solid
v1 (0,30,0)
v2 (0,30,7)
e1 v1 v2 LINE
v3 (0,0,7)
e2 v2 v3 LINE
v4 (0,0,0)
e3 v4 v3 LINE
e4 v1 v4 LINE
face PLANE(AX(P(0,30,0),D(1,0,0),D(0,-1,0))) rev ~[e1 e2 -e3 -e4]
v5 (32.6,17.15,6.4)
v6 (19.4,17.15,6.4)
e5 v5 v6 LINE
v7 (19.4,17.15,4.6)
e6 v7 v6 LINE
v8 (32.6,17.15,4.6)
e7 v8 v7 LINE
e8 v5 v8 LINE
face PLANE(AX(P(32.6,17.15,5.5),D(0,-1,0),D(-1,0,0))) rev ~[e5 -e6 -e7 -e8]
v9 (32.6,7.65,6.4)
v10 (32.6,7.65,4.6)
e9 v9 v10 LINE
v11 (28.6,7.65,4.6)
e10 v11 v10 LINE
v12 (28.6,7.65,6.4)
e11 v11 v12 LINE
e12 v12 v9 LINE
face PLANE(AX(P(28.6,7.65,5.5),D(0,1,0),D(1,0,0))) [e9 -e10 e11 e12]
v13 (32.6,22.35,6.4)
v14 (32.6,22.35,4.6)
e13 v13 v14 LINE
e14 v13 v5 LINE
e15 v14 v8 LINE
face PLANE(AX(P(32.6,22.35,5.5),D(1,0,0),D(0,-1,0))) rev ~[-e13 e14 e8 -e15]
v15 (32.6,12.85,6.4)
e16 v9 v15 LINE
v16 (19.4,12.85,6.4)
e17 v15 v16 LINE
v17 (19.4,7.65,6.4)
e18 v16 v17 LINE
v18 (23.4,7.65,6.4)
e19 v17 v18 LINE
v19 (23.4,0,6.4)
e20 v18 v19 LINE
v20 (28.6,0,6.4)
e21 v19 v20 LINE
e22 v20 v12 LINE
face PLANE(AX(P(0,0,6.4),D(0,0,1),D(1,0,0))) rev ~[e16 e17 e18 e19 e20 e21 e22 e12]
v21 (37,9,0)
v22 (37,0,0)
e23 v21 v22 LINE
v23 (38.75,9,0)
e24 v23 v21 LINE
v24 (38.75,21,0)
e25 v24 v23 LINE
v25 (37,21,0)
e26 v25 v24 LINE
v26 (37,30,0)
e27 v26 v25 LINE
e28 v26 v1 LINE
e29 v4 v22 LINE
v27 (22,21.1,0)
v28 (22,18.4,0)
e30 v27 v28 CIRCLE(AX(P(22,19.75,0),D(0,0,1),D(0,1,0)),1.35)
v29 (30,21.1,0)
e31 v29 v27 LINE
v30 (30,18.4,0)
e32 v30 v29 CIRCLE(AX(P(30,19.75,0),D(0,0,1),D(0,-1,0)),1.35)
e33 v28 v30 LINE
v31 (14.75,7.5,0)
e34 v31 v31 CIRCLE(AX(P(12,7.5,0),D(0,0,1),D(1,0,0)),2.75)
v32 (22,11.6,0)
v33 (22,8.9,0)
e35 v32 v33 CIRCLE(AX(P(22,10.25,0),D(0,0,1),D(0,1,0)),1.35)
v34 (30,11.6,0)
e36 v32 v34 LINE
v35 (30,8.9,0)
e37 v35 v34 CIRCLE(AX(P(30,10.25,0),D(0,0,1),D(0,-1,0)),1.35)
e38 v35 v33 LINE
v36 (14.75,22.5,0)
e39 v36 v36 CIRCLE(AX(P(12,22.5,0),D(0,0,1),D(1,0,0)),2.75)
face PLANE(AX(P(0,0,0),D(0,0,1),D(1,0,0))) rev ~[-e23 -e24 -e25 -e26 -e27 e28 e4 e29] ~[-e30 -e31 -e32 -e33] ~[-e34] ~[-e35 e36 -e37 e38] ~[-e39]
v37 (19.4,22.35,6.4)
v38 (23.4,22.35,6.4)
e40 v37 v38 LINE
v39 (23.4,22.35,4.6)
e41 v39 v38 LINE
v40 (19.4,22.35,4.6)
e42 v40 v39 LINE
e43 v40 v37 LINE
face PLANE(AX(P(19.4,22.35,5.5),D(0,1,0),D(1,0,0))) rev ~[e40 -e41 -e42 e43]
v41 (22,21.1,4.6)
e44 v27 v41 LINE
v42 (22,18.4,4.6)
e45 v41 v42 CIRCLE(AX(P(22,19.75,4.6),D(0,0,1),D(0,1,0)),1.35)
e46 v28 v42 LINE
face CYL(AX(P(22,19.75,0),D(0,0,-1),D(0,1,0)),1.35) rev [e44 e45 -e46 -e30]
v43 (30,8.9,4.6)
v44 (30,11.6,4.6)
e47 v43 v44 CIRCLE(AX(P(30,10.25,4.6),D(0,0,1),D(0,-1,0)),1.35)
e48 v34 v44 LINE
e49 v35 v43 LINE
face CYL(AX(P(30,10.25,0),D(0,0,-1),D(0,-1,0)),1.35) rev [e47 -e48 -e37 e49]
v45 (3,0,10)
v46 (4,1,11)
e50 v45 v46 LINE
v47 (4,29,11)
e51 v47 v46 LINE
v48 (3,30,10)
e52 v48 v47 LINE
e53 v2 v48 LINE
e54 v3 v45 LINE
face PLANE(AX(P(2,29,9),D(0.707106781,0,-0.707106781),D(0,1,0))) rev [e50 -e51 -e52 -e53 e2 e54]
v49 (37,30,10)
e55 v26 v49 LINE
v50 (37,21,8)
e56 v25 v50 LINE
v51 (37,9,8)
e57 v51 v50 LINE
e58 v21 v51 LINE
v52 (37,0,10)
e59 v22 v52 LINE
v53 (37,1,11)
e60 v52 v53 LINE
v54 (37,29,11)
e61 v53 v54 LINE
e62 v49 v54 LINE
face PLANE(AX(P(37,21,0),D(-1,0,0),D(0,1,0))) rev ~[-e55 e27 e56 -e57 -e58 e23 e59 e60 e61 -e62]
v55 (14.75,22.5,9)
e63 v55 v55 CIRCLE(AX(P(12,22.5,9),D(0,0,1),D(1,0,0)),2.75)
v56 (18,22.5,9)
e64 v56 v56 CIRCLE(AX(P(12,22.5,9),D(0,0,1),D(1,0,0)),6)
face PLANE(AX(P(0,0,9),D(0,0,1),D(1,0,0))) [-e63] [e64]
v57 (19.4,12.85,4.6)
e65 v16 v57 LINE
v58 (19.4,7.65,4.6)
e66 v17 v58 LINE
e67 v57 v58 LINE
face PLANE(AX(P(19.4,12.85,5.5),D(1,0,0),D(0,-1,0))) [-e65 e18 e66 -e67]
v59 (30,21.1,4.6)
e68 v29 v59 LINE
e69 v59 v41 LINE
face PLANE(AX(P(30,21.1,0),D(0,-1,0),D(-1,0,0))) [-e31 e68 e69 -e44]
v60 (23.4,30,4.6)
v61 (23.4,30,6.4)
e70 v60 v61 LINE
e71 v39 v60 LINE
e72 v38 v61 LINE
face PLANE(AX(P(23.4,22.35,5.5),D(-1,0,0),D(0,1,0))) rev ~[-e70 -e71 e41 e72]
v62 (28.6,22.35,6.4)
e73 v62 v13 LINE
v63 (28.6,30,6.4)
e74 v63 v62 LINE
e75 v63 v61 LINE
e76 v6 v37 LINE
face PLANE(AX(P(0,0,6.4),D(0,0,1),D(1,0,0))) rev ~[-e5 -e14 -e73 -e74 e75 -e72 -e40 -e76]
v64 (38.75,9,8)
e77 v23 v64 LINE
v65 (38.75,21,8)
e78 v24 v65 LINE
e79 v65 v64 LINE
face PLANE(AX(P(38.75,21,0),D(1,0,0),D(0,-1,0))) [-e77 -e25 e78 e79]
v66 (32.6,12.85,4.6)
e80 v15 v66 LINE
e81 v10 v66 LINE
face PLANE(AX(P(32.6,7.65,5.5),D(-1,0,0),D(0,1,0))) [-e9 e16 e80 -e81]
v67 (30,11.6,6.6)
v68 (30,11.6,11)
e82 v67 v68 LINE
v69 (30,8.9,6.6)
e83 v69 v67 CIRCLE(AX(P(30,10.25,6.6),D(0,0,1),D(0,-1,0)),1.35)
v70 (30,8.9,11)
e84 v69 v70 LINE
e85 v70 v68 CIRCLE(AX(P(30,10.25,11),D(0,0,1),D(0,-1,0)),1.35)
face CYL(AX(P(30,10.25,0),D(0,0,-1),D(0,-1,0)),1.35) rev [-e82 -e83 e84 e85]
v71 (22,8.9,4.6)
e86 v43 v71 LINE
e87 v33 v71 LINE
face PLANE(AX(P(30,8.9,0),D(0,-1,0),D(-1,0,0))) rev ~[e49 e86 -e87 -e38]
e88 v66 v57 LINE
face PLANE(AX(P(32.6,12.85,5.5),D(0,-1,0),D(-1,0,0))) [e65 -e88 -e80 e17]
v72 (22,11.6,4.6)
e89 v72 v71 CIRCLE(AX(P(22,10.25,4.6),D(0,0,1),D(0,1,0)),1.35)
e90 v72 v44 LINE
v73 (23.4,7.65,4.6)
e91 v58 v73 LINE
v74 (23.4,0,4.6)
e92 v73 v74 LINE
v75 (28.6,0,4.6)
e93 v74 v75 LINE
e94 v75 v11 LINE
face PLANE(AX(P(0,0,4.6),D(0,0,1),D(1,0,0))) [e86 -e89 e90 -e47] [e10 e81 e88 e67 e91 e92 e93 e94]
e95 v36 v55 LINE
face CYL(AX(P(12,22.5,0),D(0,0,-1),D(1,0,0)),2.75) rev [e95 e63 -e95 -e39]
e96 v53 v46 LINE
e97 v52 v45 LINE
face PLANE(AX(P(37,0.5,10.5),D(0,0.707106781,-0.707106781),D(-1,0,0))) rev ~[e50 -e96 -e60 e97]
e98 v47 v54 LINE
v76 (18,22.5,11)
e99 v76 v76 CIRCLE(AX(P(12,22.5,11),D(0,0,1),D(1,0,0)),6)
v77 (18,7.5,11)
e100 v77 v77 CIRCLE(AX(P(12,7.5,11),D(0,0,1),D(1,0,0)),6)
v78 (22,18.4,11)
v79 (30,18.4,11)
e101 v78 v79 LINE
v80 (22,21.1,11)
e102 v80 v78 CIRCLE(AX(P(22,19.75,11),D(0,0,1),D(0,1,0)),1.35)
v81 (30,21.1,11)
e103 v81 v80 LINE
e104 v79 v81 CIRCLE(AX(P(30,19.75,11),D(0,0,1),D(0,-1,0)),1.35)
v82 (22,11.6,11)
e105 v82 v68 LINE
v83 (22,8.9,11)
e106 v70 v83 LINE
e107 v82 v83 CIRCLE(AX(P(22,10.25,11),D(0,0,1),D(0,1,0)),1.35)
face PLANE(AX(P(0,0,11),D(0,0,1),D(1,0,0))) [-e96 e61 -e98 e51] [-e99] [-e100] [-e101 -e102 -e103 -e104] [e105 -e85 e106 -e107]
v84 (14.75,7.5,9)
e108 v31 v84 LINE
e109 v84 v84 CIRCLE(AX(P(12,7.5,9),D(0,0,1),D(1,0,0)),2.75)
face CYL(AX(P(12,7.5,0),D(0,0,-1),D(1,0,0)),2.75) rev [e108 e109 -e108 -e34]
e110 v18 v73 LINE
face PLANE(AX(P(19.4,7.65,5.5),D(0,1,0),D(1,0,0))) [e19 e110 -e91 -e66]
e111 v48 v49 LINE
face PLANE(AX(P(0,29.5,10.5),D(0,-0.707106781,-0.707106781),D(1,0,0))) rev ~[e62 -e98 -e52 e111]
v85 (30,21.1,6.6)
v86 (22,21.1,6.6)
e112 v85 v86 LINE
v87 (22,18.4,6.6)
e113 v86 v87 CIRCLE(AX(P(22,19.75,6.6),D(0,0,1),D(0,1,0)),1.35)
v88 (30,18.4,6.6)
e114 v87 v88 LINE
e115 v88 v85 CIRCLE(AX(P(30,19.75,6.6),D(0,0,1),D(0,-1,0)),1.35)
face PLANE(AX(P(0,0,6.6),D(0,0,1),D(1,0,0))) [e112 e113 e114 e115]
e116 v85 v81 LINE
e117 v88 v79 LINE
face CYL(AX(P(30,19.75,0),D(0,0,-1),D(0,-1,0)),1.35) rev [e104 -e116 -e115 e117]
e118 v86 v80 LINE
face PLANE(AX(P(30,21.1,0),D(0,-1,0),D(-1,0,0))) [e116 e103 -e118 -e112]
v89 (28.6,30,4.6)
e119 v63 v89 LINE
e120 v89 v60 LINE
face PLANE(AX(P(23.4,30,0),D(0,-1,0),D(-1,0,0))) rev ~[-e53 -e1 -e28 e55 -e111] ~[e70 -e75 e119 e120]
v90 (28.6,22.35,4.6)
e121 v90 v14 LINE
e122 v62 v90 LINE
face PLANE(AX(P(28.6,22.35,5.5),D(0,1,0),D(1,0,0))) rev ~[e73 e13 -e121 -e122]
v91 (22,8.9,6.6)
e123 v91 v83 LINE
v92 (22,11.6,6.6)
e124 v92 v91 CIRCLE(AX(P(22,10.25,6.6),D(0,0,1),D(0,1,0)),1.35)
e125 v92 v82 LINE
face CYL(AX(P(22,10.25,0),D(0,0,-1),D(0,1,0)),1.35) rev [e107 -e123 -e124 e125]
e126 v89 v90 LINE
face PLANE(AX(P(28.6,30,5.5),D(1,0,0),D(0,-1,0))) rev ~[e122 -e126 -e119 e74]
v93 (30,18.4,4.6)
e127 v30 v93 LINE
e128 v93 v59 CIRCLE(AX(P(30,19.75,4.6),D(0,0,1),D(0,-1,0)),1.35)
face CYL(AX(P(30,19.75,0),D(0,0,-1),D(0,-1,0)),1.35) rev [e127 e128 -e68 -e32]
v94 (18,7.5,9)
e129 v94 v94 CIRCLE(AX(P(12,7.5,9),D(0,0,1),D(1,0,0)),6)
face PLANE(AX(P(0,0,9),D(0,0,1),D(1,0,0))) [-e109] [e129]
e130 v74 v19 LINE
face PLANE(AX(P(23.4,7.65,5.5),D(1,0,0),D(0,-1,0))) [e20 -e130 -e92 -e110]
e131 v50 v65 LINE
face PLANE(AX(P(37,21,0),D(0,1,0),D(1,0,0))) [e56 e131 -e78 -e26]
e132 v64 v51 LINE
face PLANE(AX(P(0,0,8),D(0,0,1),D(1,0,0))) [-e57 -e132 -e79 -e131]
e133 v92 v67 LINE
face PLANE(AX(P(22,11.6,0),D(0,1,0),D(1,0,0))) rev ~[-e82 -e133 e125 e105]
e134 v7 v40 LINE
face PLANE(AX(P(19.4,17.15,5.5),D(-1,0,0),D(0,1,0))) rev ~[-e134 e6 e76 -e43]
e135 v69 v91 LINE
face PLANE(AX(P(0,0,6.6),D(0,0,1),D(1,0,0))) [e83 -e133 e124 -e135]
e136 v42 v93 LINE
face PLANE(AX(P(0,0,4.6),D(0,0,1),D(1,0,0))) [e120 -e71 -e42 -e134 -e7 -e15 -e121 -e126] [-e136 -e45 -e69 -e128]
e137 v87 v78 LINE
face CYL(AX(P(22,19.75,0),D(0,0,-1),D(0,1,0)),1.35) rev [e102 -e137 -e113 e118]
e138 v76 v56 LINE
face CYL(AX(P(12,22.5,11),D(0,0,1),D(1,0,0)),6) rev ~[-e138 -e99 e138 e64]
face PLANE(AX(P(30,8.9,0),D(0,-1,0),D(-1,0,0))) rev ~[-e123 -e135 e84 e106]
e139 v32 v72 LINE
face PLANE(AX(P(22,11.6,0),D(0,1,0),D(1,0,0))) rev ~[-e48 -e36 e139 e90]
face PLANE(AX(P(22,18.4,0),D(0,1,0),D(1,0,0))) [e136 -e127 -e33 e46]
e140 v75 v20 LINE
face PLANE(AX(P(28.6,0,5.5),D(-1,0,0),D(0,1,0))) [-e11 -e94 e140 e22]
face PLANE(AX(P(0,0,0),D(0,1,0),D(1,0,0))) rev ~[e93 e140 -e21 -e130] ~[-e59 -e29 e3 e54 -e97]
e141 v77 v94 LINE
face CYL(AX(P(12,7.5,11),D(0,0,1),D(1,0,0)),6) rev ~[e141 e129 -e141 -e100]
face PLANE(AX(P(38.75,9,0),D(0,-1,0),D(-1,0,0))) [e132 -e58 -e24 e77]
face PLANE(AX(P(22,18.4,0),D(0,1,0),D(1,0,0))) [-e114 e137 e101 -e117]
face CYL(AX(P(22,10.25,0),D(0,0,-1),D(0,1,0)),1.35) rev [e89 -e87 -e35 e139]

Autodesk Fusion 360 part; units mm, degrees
sketch "Sketch1" plane through (0, 0, 0) normal (0, 0, 1) x (1, 0, 0)
  line L0 (0, 0) -> (37, 0)
  line L1 (37, 0) -> (37, 30)
  line L2 (37, 30) -> (0, 30)
  line L3 (0, 30) -> (0, 0)
  circle A0 centre (12, 22.5) radius 2.75
  circle A1 centre (12, 7.5) radius 2.75
  line L4 (12, 30) -> (12, 0) construction
  line L5 (12, 15) -> (37, 15) construction
  circle A2 centre (12, 22.5) radius 6
  circle A3 centre (12, 7.5) radius 6
  line L6 (37, 21) -> (38.75, 21)
  line L7 (38.75, 21) -> (38.75, 9)
  line L8 (38.75, 9) -> (37, 9)
  line L9 (30, 21.1) -> (22, 21.1)
  arc A4 (22, 21.1) -> (22, 18.4) centre (22, 19.75) ccw
  line L10 (22, 18.4) -> (30, 18.4)
  arc A5 (30, 18.4) -> (30, 21.1) centre (30, 19.75) ccw
  line L11 (30, 19.75) -> (22, 19.75) construction
  line L12 (30, 19.75) -> (22, 19.75) construction
  line L13 (22, 11.6) -> (30, 11.6)
  arc A6 (30, 8.9) -> (30, 11.6) centre (30, 10.25) ccw
  arc A7 (22, 11.6) -> (22, 8.9) centre (22, 10.25) ccw
  line L14 (30, 8.9) -> (22, 8.9)
  line L15 (27.5, 25) -> (37, 25) construction
  line L16 (37, 25) -> (37, 5) construction
  line L17 (37, 5) -> (27.5, 5) construction
  line L18 (27.5, 5) -> (27.5, 25) construction
  line L19 (19.4, 22.35) -> (32.6, 22.35)
  line L20 (32.6, 22.35) -> (32.6, 17.15)
  line L21 (32.6, 17.15) -> (19.4, 17.15)
  line L22 (19.4, 17.15) -> (19.4, 22.35)
  line L23 (26, 19.75) -> (26, 22.35) construction
  line L24 (22, 19.75) -> (19.4, 19.75) construction
  line L25 (32.6, 12.85) -> (19.4, 12.85)
  line L26 (19.4, 12.85) -> (19.4, 7.65)
  line L27 (32.6, 7.65) -> (32.6, 12.85)
  line L28 (19.4, 7.65) -> (32.6, 7.65)
  line L29 (23.4, 22.35) -> (23.4, 30)
  line L30 (28.6, 30) -> (28.6, 22.35)
  line L31 (23.4, 7.65) -> (23.4, 0)
  line L32 (28.6, 0) -> (28.6, 7.65)
  dimension "d1" = 15
  dimension "d2" = 5.5
  dimension "d3" = 12
  dimension "d4" = 1.75
  dimension "d5" = 12
  dimension "d14" = 2.7
  dimension "d16" = 9.5
  dimension "d17" = 30
  dimension "d19" = 8
  dimension "d20" = 7
  dimension "d22" = 9.5
  dimension "d23" = 20
  dimension "d24" = 10
  dimension "d25" = 12
  dimension "d26" = 5.2
  dimension "d27" = 2.6
  dimension "d28" = 5.2
extrude "Extrude1" add sketch "Sketch1" along normal blind 11 contours L0 L1 L2 L3 L19 L20 L21 L22 L25 L26 L27 L28 L29 L30 L31 L32 | L0 L28 L31 L32 | L25 L26 L27 L28 | L2 L19 L29 L30 | L19 L20 L21 L22 | A2 | A3
extrude "Extrude2" add sketch "Sketch1" along normal blind 8 contours L1 L6 L7 L8
extrude "Extrude3" cut sketch "Sketch1" against normal blind 2 from surface at 11 contours A2 | A3
chamfer "Chamfer2" distance 1 angle 45 2 edges at (18.5, 0, 11) (18.5, 30, 11)
chamfer "Chamfer1" distance 4 angle 45 1 edges at (0, 15, 11)
ref_plane "WorkPlane1" through (18.5, 15, 5.5) normal (0, 0, 1) x (1, 0, 0)
extrude "Extrude4" cut sketch "Sketch1" along normal mid plane 1.8 from surface at 5.5 contours L0 L28 L31 L32 | L25 L26 L27 L28 | L2 L19 L29 L30 | L19 L20 L21 L22
extrude "Extrude5" add sketch "Sketch1" along normal blind 0.2 from surface at 6.4 contours L9 A4 L10 A5 | L13 A6 A7 L14
equation "d27 = d26 / 2"
equation "d28 = d26"
